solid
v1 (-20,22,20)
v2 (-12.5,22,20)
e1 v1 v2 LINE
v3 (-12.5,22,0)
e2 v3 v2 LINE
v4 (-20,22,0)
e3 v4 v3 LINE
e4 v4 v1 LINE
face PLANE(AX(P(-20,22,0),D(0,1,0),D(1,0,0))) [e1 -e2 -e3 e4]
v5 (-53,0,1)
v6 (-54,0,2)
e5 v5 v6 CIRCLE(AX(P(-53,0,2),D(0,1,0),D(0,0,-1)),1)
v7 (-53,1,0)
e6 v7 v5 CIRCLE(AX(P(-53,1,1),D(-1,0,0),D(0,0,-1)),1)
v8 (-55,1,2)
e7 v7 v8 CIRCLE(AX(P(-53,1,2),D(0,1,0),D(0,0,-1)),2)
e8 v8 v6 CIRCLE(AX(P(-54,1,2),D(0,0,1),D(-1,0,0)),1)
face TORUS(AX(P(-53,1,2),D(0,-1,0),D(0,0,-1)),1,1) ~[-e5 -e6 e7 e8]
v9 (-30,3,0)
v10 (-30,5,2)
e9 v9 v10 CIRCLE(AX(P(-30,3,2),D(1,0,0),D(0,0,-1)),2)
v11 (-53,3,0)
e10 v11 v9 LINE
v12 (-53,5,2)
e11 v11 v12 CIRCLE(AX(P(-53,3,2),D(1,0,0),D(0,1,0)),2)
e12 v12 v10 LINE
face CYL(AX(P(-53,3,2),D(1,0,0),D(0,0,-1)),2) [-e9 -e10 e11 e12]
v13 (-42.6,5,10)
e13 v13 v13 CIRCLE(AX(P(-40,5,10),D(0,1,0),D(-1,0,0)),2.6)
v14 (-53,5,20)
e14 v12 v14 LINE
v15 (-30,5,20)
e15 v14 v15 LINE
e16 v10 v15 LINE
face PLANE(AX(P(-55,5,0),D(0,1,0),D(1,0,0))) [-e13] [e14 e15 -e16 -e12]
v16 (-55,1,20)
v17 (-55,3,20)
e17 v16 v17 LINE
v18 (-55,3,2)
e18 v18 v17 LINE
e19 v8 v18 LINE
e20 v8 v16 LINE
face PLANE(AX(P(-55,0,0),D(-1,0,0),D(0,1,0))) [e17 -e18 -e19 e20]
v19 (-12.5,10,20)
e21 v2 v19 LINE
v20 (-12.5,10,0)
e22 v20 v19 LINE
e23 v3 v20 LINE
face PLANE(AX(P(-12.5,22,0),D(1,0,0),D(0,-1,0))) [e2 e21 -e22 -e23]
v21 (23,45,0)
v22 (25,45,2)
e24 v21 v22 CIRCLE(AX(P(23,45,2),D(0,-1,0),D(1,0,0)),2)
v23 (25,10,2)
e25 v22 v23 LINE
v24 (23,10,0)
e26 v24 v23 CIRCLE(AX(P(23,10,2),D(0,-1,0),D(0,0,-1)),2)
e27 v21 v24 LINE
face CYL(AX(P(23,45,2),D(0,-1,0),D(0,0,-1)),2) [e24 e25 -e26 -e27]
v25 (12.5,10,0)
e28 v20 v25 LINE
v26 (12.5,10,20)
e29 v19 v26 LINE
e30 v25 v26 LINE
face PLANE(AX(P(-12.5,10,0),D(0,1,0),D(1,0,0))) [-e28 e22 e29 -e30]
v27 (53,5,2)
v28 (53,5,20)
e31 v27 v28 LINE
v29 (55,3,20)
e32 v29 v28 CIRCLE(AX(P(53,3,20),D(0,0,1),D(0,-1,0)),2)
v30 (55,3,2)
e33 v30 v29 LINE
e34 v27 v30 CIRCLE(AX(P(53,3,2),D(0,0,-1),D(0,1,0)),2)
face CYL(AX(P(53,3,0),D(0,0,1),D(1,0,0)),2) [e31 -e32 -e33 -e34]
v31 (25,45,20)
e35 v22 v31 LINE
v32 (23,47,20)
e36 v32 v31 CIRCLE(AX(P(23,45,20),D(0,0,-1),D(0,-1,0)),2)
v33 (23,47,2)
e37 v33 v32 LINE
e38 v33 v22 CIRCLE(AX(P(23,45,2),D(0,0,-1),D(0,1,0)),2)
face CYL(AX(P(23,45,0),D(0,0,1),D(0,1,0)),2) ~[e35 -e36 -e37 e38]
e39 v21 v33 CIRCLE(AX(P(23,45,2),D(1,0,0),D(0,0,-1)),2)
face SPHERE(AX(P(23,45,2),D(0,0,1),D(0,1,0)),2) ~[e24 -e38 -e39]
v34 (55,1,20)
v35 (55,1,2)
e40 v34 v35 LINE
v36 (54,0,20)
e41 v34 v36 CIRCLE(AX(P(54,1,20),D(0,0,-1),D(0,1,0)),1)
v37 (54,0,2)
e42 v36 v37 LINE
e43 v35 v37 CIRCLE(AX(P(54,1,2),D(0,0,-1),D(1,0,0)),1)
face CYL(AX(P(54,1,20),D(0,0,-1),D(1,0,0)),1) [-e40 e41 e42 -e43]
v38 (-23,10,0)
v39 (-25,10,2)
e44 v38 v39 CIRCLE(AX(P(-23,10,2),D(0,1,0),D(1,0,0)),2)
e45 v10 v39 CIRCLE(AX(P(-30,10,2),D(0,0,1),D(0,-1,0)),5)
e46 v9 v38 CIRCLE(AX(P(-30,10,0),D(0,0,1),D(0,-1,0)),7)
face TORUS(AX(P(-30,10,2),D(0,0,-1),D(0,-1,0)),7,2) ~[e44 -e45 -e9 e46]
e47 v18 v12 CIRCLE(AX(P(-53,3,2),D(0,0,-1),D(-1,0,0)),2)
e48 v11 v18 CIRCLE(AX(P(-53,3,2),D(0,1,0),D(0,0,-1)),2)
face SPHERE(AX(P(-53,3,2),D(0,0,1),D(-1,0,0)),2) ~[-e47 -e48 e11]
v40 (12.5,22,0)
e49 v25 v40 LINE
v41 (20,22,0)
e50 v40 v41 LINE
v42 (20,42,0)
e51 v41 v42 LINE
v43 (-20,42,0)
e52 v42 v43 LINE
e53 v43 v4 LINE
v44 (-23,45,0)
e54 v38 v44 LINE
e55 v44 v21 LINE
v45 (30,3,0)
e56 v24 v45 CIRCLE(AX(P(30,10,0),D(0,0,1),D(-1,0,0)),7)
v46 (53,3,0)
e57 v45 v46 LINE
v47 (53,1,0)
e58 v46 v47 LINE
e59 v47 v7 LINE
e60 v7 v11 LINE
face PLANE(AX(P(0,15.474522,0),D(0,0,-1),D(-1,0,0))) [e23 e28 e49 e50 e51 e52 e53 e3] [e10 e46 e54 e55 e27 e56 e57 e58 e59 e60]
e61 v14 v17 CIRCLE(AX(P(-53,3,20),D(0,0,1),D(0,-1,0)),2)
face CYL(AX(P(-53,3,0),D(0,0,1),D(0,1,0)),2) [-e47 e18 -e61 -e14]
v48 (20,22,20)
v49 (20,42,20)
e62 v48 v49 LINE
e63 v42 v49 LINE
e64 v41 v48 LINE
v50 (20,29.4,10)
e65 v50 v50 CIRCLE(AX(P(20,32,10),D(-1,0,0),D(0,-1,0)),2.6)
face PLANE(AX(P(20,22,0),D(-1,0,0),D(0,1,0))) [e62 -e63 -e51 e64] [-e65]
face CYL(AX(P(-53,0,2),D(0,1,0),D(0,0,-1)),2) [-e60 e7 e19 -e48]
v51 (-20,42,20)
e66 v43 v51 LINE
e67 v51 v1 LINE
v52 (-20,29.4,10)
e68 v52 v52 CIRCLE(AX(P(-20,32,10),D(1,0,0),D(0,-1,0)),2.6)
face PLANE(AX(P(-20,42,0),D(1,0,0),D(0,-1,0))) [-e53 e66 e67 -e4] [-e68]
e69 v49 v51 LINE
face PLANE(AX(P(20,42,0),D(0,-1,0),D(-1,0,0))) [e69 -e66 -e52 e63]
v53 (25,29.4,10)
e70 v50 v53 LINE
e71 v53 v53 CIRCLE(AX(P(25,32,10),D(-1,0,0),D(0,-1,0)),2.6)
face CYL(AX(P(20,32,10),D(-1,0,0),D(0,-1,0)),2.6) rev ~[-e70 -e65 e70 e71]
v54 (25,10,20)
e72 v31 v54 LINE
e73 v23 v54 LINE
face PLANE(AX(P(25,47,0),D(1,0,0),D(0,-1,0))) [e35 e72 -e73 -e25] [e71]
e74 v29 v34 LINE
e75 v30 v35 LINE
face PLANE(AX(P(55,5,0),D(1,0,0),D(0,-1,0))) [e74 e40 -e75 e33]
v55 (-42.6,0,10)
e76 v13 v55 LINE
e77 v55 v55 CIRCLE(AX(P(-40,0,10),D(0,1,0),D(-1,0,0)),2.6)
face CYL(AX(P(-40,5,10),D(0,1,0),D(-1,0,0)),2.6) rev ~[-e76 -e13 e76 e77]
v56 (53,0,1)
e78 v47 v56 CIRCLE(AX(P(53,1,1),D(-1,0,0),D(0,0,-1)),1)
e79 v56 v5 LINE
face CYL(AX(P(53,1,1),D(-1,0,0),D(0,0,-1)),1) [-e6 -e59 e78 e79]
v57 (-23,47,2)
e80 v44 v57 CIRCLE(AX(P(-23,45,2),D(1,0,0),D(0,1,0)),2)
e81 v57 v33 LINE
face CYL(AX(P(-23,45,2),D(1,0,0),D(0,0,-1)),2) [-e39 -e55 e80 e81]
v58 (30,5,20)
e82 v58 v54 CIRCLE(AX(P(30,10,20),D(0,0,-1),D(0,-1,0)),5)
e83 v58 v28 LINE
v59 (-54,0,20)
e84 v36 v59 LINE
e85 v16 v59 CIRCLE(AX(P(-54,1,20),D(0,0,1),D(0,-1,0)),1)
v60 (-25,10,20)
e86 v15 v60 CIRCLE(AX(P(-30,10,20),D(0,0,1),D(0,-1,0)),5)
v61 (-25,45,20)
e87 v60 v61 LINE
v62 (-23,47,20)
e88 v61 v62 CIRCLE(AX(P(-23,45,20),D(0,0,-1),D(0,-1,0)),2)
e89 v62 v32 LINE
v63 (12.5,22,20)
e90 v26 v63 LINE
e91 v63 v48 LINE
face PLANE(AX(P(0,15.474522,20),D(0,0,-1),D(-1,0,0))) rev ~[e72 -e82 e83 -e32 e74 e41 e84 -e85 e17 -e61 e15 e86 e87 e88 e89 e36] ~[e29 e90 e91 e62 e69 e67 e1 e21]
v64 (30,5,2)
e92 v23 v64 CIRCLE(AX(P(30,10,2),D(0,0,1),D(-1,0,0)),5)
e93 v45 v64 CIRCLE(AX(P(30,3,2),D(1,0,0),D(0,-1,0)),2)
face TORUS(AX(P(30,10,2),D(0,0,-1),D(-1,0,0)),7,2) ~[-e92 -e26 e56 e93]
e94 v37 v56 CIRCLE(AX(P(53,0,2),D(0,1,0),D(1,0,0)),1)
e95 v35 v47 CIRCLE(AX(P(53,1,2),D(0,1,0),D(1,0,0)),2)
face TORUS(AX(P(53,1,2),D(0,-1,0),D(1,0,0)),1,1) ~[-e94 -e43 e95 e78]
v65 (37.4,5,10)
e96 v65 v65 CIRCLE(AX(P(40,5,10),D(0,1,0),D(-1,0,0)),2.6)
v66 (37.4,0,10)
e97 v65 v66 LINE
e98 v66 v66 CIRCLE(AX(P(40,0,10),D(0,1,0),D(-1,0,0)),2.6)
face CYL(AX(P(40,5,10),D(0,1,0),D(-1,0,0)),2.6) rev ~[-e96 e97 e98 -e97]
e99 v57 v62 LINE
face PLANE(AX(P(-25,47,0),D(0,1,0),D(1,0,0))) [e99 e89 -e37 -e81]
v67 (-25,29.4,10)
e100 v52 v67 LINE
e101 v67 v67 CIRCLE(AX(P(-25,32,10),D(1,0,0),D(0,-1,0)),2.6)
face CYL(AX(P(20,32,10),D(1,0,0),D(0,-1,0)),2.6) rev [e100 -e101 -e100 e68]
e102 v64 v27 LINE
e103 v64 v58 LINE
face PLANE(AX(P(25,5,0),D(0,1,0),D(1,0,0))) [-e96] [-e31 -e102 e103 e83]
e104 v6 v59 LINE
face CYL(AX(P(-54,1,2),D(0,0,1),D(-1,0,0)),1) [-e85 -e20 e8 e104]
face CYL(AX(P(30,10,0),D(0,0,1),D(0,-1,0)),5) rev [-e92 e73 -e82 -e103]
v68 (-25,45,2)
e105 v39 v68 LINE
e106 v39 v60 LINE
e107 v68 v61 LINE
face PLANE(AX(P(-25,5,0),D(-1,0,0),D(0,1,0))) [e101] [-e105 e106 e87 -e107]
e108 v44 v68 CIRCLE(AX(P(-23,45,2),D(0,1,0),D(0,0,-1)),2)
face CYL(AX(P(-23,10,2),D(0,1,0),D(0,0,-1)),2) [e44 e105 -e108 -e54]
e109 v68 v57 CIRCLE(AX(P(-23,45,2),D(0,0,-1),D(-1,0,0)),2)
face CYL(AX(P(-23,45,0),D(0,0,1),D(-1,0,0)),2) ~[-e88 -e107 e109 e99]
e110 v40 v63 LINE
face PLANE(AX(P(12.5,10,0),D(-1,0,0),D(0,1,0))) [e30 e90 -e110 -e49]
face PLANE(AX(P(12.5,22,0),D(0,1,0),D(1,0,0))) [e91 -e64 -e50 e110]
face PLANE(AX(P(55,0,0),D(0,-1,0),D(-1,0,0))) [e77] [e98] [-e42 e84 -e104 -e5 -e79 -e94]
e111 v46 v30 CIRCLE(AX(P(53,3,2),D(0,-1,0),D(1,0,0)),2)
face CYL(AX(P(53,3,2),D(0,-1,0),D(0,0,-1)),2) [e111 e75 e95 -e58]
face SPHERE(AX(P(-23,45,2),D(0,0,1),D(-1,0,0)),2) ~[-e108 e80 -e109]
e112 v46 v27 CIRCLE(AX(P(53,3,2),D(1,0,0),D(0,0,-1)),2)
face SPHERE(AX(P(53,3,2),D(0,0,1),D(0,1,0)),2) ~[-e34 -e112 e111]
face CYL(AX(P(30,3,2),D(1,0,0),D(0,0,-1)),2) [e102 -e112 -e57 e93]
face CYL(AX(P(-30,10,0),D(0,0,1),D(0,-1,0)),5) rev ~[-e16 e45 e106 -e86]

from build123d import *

# Parameters (mm, degrees)
PAD_DEPTH            = 20
SKETCH001_R          = 2.6
POCKET_DEPTH         = 5
SKETCH002_R          = 2.6
POCKET001_DEPTH      = 35.001
POCKET001_DEPTH_BACK = -75.001
FILLET_R             = 5
FILLET001_R          = 2
FILLET002_R          = 2
FILLET003_R          = 1


with BuildPart() as part:
    # Sketch → Pad (new body)
    with BuildSketch(Plane.XY):
        Polygon((-55, 0), (-55, 5), (-25, 5), (-25, 47), (25, 47), (25, 5), (55, 5), (55, 0), align=None)
        Polygon((-20, 42), (-20, 22), (-12.5, 22), (-12.5, 10), (12.5, 10), (12.5, 22), (20, 22), (20, 42), align=None, mode=Mode.SUBTRACT)
    extrude(amount=PAD_DEPTH)

    # Sketch001 (on Face6 of Pad) → Pocket (cut)
    with BuildSketch(Plane(origin=(0, 5, 0), x_dir=(-1, 0, 0), z_dir=(0, 1, 0))):
        with Locations((-40, 10)):
            Circle(SKETCH001_R)
        with Locations((40, 10)):
            Circle(SKETCH001_R)
    extrude(amount=-POCKET_DEPTH, mode=Mode.SUBTRACT)

    # Sketch002 (on Face19 of Pocket) → Pocket001 (cut, two sides)
    with BuildSketch(Plane(origin=(20, 0, 0), x_dir=(0, -1, 0), z_dir=(-1, 0, 0))) as pocket001_sk:
        with Locations((-32, 10)):
            Circle(SKETCH002_R)
    extrude(amount=-POCKET001_DEPTH, mode=Mode.SUBTRACT)
    extrude(pocket001_sk.sketch, amount=-POCKET001_DEPTH_BACK, mode=Mode.SUBTRACT)

    # Fillet
    fillet_edges = [part.edges().sort_by_distance(p)[0] for p in [
        (25, 5, 10),
        (-25, 5, 10),
    ]]
    fillet(fillet_edges, radius=FILLET_R)

    # Fillet001
    fillet001_edges = [part.edges().sort_by_distance(p)[0] for p in [
        (-55, 5, 10),
        (-25, 47, 10),
        (25, 47, 10),
        (55, 5, 10),
    ]]
    fillet(fillet001_edges, radius=FILLET001_R)

    # Fillet002
    fillet002_edges = [part.edges().sort_by_distance(p)[0] for p in [
        (25, 27.5, 0),
    ]]
    fillet(fillet002_edges, radius=FILLET002_R)

    # Fillet003
    fillet003_edges = [part.edges().sort_by_distance(p)[0] for p in [
        (0, 0, 0),
    ]]
    fillet(fillet003_edges, radius=FILLET003_R)


solid = part.part
